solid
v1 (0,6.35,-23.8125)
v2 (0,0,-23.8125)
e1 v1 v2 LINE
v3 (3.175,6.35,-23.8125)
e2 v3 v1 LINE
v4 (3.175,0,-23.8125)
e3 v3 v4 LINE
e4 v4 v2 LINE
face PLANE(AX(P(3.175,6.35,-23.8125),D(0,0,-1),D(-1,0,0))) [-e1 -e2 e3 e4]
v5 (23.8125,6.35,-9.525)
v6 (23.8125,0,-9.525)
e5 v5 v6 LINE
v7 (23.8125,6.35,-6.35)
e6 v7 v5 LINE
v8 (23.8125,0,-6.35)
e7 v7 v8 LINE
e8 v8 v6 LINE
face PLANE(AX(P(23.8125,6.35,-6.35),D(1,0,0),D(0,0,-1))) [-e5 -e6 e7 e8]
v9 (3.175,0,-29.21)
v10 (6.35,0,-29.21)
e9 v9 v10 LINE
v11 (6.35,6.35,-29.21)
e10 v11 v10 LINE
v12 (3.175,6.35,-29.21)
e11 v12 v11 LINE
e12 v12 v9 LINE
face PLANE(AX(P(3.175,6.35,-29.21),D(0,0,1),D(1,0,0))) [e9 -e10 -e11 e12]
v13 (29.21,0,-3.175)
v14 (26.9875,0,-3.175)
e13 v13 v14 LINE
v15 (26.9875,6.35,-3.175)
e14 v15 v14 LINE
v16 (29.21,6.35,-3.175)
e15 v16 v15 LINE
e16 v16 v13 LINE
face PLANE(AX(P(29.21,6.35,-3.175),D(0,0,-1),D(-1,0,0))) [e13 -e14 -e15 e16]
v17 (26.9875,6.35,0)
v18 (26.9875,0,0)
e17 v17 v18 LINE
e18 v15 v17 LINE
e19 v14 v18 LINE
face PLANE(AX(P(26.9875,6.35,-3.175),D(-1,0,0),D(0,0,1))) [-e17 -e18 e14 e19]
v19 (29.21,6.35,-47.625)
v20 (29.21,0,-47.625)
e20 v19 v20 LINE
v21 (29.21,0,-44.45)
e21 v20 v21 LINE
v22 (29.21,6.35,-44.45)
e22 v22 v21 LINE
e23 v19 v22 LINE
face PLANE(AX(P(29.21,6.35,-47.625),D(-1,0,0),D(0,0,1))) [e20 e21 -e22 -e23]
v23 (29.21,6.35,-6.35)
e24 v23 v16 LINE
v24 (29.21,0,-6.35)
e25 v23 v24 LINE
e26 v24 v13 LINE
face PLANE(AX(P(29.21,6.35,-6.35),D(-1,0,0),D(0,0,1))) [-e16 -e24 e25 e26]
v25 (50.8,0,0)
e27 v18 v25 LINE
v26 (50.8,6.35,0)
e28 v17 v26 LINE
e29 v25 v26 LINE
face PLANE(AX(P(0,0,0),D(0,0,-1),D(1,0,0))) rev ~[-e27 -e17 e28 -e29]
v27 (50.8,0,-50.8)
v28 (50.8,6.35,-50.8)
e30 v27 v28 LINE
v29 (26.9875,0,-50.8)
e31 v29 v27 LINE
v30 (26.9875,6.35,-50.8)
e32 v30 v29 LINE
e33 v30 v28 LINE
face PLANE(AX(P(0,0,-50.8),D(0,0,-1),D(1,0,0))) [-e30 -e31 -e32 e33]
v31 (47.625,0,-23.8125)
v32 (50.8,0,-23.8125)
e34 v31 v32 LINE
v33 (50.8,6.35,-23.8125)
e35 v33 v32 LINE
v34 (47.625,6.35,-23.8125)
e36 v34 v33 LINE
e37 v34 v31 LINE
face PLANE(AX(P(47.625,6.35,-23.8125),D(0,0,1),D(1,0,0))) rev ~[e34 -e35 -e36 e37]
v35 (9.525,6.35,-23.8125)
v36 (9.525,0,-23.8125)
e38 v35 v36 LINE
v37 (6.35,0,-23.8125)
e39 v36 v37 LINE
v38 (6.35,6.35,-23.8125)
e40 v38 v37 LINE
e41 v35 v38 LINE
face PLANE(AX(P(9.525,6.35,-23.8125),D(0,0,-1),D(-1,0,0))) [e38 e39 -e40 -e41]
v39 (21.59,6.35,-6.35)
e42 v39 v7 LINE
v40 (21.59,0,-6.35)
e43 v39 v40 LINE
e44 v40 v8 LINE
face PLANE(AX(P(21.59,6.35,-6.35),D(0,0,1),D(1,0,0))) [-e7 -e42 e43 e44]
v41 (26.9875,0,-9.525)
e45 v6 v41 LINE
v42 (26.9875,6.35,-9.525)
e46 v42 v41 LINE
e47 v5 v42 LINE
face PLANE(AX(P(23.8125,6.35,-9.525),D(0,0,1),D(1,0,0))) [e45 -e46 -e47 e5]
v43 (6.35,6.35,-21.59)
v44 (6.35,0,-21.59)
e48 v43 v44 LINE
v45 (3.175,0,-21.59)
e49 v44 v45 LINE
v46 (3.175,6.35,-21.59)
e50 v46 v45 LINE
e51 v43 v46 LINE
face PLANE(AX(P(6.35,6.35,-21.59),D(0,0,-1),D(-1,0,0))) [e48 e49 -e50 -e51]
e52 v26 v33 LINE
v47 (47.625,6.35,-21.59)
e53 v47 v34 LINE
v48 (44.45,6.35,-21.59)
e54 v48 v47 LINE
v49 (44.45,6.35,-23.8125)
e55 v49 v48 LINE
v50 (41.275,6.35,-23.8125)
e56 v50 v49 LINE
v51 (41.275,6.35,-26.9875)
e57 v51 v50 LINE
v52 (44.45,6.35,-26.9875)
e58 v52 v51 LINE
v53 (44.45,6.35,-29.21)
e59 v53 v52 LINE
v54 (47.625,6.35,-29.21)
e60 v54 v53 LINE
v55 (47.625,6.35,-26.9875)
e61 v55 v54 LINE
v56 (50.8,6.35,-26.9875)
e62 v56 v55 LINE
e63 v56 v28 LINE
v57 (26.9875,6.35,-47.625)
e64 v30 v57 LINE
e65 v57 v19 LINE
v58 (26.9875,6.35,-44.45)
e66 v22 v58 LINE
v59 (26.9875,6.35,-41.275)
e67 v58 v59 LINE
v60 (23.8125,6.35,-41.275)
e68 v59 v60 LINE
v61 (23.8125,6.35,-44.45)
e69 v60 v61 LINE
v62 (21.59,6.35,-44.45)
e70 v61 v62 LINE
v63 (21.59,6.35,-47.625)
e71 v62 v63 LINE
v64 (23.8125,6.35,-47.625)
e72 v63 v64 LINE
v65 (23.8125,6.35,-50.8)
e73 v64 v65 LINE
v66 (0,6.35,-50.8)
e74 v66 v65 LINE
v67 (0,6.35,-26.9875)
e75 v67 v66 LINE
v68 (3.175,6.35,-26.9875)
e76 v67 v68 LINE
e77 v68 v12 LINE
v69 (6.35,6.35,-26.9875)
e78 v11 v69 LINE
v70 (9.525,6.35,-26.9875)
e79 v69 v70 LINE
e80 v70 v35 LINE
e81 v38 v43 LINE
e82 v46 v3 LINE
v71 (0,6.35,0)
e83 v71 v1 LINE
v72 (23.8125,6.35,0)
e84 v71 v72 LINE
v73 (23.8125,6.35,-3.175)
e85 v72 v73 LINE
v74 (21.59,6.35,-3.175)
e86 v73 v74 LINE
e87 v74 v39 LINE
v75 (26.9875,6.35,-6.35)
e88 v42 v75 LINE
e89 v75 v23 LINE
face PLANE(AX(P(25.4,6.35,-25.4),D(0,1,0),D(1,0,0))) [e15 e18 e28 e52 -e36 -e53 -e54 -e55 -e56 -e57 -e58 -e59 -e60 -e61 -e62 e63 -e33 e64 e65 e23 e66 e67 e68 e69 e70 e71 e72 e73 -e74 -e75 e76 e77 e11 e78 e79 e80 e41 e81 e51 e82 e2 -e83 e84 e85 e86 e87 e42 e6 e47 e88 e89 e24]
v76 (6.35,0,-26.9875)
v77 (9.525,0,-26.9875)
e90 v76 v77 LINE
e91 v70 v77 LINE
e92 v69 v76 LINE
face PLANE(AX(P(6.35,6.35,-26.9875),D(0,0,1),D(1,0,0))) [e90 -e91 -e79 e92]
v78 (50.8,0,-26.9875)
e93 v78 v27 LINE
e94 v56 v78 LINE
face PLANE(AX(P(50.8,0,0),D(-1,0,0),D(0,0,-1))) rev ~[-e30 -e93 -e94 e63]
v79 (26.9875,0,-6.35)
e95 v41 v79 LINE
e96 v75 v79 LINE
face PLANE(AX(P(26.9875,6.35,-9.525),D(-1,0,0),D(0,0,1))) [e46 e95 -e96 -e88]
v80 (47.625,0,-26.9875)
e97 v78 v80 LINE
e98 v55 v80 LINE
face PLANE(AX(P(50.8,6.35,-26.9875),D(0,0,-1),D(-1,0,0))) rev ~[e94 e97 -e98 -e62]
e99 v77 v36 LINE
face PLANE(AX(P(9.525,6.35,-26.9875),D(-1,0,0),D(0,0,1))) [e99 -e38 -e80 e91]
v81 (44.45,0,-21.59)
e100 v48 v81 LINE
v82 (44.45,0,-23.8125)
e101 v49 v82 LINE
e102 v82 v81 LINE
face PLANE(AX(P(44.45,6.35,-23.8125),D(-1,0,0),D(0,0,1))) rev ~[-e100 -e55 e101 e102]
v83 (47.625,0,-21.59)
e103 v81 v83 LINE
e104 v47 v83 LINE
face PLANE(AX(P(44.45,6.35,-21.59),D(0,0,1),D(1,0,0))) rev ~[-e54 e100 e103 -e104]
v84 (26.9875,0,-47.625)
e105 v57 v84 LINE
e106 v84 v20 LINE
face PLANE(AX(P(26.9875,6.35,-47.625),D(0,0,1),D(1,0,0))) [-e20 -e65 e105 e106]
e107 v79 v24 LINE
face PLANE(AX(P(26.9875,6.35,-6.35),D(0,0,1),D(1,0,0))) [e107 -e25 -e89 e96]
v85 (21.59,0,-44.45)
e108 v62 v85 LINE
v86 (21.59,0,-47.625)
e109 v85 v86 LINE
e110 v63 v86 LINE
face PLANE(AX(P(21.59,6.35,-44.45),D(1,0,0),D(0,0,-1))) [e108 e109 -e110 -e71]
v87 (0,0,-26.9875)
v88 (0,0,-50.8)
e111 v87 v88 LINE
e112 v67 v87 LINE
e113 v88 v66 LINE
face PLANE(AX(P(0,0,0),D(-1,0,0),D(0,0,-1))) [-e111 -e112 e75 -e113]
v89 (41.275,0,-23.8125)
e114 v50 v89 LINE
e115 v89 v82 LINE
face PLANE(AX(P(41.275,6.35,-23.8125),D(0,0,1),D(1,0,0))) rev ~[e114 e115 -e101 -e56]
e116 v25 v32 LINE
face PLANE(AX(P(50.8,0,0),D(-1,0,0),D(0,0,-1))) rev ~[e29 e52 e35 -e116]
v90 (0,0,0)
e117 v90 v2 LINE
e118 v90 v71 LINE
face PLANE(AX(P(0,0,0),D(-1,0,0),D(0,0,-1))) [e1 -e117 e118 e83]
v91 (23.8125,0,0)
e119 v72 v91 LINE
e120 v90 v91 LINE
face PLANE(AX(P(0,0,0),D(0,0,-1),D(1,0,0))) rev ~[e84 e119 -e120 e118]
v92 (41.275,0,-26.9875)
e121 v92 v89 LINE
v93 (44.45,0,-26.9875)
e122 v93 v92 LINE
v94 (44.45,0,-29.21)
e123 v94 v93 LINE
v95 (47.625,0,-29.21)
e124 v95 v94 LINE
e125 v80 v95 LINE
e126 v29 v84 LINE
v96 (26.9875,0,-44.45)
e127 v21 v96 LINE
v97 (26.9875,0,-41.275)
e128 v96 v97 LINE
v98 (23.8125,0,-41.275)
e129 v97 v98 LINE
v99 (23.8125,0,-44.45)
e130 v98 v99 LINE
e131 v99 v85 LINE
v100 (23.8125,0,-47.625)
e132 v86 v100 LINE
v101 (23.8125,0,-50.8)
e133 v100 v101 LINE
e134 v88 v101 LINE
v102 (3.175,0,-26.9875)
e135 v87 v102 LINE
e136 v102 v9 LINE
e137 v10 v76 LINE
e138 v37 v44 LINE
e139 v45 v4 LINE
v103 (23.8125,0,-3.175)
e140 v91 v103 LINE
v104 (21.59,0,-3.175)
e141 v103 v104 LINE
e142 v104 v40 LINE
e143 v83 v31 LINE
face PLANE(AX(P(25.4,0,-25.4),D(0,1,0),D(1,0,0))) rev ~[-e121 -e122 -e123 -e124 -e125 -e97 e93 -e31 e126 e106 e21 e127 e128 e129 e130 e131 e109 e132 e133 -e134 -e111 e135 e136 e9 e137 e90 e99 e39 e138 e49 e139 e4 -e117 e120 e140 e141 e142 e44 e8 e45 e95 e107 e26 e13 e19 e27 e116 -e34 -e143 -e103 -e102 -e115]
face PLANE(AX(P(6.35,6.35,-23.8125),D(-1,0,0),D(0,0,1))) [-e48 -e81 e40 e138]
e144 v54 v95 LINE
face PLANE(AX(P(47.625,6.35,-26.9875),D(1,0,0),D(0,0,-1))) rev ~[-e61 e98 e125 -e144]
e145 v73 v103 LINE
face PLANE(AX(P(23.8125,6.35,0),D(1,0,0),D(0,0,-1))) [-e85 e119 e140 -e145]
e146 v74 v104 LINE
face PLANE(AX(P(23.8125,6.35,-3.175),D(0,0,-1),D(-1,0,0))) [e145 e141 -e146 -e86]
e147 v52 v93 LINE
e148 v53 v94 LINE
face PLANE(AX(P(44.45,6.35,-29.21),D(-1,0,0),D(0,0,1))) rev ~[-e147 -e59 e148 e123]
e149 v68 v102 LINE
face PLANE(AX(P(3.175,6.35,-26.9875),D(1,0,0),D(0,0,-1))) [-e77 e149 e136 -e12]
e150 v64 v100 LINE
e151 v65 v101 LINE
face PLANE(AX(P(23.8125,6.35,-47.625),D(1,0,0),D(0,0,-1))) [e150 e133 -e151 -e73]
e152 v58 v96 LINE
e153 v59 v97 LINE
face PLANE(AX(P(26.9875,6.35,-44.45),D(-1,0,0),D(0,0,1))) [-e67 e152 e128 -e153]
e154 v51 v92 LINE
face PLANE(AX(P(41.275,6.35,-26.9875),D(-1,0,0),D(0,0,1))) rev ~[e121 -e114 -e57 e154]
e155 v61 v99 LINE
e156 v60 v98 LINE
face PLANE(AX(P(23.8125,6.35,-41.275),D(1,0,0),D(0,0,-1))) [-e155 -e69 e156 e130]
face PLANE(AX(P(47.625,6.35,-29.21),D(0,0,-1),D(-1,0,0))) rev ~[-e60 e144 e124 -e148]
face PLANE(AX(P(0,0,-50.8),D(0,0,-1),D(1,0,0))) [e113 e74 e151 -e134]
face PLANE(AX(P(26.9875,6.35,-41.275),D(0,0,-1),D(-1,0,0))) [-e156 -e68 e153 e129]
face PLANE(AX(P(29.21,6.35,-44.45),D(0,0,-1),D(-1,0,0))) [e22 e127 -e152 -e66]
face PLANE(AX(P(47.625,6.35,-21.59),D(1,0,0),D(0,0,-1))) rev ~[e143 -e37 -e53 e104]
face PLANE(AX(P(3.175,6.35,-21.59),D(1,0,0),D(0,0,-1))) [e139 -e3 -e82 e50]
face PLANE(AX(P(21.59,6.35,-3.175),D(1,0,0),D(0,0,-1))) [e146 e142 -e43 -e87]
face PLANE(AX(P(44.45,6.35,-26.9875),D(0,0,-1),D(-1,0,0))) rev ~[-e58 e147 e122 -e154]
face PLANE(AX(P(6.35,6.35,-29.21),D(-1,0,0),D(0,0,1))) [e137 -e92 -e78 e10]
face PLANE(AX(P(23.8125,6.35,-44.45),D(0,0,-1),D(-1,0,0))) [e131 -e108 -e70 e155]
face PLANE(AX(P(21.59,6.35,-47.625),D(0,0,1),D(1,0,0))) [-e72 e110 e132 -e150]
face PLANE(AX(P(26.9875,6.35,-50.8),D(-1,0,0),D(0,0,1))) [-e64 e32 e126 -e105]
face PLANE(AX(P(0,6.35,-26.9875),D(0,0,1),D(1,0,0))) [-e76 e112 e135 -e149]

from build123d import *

# Parameters (mm, degrees)
SKETCH1_W           = 50.8
SKETCH1_H           = 50.8
BOSS_EXTRUDE1_DEPTH = 6.35
CUT_EXTRUDE6_DEPTH  = 73.122135992


with BuildPart() as part:
    # Sketch1 → Boss-Extrude1 (new body)
    with BuildSketch(Plane(origin=(0, 0, 0), x_dir=(1, 0, 0), z_dir=(0, 1, 0))):
        with Locations((25.4, 25.4)):
            Rectangle(SKETCH1_W, SKETCH1_H)
    extrude(amount=BOSS_EXTRUDE1_DEPTH)

    # Sketch2 → Cut-Extrude6 (cut, through all)
    with BuildSketch(Plane(origin=(0, 6.35, 0), x_dir=(1, 0, 0), z_dir=(0, 1, 0))):
        Polygon((21.59, 47.625), (23.8125, 47.625), (23.8125, 50.8), (26.9875, 50.8), (26.9875, 47.625), (29.21, 47.625), (29.21, 44.45), (26.9875, 44.45), (26.9875, 41.275), (23.8125, 41.275), (23.8125, 44.45), (21.59, 44.45), align=None)
        Polygon((26.9875, 6.35), (29.21, 6.35), (29.21, 3.175), (26.9875, 3.175), (26.9875, 0), (23.8125, 0), (23.8125, 3.175), (21.59, 3.175), (21.59, 6.35), (23.8125, 6.35), (23.8125, 9.525), (26.9875, 9.525), align=None)
        Polygon((3.175, 26.9875), (3.175, 29.21), (6.35, 29.21), (6.35, 26.9875), (9.525, 26.9875), (9.525, 23.8125), (6.35, 23.8125), (6.35, 21.59), (3.175, 21.59), (3.175, 23.8125), (0, 23.8125), (0, 26.9875), align=None)
        Polygon((47.625, 23.8125), (50.8, 23.8125), (50.8, 26.9875), (47.625, 26.9875), (47.625, 29.21), (44.45, 29.21), (44.45, 26.9875), (41.275, 26.9875), (41.275, 23.8125), (44.45, 23.8125), (44.45, 21.59), (47.625, 21.59), align=None)
    extrude(amount=-CUT_EXTRUDE6_DEPTH, mode=Mode.SUBTRACT)


solid = part.part
